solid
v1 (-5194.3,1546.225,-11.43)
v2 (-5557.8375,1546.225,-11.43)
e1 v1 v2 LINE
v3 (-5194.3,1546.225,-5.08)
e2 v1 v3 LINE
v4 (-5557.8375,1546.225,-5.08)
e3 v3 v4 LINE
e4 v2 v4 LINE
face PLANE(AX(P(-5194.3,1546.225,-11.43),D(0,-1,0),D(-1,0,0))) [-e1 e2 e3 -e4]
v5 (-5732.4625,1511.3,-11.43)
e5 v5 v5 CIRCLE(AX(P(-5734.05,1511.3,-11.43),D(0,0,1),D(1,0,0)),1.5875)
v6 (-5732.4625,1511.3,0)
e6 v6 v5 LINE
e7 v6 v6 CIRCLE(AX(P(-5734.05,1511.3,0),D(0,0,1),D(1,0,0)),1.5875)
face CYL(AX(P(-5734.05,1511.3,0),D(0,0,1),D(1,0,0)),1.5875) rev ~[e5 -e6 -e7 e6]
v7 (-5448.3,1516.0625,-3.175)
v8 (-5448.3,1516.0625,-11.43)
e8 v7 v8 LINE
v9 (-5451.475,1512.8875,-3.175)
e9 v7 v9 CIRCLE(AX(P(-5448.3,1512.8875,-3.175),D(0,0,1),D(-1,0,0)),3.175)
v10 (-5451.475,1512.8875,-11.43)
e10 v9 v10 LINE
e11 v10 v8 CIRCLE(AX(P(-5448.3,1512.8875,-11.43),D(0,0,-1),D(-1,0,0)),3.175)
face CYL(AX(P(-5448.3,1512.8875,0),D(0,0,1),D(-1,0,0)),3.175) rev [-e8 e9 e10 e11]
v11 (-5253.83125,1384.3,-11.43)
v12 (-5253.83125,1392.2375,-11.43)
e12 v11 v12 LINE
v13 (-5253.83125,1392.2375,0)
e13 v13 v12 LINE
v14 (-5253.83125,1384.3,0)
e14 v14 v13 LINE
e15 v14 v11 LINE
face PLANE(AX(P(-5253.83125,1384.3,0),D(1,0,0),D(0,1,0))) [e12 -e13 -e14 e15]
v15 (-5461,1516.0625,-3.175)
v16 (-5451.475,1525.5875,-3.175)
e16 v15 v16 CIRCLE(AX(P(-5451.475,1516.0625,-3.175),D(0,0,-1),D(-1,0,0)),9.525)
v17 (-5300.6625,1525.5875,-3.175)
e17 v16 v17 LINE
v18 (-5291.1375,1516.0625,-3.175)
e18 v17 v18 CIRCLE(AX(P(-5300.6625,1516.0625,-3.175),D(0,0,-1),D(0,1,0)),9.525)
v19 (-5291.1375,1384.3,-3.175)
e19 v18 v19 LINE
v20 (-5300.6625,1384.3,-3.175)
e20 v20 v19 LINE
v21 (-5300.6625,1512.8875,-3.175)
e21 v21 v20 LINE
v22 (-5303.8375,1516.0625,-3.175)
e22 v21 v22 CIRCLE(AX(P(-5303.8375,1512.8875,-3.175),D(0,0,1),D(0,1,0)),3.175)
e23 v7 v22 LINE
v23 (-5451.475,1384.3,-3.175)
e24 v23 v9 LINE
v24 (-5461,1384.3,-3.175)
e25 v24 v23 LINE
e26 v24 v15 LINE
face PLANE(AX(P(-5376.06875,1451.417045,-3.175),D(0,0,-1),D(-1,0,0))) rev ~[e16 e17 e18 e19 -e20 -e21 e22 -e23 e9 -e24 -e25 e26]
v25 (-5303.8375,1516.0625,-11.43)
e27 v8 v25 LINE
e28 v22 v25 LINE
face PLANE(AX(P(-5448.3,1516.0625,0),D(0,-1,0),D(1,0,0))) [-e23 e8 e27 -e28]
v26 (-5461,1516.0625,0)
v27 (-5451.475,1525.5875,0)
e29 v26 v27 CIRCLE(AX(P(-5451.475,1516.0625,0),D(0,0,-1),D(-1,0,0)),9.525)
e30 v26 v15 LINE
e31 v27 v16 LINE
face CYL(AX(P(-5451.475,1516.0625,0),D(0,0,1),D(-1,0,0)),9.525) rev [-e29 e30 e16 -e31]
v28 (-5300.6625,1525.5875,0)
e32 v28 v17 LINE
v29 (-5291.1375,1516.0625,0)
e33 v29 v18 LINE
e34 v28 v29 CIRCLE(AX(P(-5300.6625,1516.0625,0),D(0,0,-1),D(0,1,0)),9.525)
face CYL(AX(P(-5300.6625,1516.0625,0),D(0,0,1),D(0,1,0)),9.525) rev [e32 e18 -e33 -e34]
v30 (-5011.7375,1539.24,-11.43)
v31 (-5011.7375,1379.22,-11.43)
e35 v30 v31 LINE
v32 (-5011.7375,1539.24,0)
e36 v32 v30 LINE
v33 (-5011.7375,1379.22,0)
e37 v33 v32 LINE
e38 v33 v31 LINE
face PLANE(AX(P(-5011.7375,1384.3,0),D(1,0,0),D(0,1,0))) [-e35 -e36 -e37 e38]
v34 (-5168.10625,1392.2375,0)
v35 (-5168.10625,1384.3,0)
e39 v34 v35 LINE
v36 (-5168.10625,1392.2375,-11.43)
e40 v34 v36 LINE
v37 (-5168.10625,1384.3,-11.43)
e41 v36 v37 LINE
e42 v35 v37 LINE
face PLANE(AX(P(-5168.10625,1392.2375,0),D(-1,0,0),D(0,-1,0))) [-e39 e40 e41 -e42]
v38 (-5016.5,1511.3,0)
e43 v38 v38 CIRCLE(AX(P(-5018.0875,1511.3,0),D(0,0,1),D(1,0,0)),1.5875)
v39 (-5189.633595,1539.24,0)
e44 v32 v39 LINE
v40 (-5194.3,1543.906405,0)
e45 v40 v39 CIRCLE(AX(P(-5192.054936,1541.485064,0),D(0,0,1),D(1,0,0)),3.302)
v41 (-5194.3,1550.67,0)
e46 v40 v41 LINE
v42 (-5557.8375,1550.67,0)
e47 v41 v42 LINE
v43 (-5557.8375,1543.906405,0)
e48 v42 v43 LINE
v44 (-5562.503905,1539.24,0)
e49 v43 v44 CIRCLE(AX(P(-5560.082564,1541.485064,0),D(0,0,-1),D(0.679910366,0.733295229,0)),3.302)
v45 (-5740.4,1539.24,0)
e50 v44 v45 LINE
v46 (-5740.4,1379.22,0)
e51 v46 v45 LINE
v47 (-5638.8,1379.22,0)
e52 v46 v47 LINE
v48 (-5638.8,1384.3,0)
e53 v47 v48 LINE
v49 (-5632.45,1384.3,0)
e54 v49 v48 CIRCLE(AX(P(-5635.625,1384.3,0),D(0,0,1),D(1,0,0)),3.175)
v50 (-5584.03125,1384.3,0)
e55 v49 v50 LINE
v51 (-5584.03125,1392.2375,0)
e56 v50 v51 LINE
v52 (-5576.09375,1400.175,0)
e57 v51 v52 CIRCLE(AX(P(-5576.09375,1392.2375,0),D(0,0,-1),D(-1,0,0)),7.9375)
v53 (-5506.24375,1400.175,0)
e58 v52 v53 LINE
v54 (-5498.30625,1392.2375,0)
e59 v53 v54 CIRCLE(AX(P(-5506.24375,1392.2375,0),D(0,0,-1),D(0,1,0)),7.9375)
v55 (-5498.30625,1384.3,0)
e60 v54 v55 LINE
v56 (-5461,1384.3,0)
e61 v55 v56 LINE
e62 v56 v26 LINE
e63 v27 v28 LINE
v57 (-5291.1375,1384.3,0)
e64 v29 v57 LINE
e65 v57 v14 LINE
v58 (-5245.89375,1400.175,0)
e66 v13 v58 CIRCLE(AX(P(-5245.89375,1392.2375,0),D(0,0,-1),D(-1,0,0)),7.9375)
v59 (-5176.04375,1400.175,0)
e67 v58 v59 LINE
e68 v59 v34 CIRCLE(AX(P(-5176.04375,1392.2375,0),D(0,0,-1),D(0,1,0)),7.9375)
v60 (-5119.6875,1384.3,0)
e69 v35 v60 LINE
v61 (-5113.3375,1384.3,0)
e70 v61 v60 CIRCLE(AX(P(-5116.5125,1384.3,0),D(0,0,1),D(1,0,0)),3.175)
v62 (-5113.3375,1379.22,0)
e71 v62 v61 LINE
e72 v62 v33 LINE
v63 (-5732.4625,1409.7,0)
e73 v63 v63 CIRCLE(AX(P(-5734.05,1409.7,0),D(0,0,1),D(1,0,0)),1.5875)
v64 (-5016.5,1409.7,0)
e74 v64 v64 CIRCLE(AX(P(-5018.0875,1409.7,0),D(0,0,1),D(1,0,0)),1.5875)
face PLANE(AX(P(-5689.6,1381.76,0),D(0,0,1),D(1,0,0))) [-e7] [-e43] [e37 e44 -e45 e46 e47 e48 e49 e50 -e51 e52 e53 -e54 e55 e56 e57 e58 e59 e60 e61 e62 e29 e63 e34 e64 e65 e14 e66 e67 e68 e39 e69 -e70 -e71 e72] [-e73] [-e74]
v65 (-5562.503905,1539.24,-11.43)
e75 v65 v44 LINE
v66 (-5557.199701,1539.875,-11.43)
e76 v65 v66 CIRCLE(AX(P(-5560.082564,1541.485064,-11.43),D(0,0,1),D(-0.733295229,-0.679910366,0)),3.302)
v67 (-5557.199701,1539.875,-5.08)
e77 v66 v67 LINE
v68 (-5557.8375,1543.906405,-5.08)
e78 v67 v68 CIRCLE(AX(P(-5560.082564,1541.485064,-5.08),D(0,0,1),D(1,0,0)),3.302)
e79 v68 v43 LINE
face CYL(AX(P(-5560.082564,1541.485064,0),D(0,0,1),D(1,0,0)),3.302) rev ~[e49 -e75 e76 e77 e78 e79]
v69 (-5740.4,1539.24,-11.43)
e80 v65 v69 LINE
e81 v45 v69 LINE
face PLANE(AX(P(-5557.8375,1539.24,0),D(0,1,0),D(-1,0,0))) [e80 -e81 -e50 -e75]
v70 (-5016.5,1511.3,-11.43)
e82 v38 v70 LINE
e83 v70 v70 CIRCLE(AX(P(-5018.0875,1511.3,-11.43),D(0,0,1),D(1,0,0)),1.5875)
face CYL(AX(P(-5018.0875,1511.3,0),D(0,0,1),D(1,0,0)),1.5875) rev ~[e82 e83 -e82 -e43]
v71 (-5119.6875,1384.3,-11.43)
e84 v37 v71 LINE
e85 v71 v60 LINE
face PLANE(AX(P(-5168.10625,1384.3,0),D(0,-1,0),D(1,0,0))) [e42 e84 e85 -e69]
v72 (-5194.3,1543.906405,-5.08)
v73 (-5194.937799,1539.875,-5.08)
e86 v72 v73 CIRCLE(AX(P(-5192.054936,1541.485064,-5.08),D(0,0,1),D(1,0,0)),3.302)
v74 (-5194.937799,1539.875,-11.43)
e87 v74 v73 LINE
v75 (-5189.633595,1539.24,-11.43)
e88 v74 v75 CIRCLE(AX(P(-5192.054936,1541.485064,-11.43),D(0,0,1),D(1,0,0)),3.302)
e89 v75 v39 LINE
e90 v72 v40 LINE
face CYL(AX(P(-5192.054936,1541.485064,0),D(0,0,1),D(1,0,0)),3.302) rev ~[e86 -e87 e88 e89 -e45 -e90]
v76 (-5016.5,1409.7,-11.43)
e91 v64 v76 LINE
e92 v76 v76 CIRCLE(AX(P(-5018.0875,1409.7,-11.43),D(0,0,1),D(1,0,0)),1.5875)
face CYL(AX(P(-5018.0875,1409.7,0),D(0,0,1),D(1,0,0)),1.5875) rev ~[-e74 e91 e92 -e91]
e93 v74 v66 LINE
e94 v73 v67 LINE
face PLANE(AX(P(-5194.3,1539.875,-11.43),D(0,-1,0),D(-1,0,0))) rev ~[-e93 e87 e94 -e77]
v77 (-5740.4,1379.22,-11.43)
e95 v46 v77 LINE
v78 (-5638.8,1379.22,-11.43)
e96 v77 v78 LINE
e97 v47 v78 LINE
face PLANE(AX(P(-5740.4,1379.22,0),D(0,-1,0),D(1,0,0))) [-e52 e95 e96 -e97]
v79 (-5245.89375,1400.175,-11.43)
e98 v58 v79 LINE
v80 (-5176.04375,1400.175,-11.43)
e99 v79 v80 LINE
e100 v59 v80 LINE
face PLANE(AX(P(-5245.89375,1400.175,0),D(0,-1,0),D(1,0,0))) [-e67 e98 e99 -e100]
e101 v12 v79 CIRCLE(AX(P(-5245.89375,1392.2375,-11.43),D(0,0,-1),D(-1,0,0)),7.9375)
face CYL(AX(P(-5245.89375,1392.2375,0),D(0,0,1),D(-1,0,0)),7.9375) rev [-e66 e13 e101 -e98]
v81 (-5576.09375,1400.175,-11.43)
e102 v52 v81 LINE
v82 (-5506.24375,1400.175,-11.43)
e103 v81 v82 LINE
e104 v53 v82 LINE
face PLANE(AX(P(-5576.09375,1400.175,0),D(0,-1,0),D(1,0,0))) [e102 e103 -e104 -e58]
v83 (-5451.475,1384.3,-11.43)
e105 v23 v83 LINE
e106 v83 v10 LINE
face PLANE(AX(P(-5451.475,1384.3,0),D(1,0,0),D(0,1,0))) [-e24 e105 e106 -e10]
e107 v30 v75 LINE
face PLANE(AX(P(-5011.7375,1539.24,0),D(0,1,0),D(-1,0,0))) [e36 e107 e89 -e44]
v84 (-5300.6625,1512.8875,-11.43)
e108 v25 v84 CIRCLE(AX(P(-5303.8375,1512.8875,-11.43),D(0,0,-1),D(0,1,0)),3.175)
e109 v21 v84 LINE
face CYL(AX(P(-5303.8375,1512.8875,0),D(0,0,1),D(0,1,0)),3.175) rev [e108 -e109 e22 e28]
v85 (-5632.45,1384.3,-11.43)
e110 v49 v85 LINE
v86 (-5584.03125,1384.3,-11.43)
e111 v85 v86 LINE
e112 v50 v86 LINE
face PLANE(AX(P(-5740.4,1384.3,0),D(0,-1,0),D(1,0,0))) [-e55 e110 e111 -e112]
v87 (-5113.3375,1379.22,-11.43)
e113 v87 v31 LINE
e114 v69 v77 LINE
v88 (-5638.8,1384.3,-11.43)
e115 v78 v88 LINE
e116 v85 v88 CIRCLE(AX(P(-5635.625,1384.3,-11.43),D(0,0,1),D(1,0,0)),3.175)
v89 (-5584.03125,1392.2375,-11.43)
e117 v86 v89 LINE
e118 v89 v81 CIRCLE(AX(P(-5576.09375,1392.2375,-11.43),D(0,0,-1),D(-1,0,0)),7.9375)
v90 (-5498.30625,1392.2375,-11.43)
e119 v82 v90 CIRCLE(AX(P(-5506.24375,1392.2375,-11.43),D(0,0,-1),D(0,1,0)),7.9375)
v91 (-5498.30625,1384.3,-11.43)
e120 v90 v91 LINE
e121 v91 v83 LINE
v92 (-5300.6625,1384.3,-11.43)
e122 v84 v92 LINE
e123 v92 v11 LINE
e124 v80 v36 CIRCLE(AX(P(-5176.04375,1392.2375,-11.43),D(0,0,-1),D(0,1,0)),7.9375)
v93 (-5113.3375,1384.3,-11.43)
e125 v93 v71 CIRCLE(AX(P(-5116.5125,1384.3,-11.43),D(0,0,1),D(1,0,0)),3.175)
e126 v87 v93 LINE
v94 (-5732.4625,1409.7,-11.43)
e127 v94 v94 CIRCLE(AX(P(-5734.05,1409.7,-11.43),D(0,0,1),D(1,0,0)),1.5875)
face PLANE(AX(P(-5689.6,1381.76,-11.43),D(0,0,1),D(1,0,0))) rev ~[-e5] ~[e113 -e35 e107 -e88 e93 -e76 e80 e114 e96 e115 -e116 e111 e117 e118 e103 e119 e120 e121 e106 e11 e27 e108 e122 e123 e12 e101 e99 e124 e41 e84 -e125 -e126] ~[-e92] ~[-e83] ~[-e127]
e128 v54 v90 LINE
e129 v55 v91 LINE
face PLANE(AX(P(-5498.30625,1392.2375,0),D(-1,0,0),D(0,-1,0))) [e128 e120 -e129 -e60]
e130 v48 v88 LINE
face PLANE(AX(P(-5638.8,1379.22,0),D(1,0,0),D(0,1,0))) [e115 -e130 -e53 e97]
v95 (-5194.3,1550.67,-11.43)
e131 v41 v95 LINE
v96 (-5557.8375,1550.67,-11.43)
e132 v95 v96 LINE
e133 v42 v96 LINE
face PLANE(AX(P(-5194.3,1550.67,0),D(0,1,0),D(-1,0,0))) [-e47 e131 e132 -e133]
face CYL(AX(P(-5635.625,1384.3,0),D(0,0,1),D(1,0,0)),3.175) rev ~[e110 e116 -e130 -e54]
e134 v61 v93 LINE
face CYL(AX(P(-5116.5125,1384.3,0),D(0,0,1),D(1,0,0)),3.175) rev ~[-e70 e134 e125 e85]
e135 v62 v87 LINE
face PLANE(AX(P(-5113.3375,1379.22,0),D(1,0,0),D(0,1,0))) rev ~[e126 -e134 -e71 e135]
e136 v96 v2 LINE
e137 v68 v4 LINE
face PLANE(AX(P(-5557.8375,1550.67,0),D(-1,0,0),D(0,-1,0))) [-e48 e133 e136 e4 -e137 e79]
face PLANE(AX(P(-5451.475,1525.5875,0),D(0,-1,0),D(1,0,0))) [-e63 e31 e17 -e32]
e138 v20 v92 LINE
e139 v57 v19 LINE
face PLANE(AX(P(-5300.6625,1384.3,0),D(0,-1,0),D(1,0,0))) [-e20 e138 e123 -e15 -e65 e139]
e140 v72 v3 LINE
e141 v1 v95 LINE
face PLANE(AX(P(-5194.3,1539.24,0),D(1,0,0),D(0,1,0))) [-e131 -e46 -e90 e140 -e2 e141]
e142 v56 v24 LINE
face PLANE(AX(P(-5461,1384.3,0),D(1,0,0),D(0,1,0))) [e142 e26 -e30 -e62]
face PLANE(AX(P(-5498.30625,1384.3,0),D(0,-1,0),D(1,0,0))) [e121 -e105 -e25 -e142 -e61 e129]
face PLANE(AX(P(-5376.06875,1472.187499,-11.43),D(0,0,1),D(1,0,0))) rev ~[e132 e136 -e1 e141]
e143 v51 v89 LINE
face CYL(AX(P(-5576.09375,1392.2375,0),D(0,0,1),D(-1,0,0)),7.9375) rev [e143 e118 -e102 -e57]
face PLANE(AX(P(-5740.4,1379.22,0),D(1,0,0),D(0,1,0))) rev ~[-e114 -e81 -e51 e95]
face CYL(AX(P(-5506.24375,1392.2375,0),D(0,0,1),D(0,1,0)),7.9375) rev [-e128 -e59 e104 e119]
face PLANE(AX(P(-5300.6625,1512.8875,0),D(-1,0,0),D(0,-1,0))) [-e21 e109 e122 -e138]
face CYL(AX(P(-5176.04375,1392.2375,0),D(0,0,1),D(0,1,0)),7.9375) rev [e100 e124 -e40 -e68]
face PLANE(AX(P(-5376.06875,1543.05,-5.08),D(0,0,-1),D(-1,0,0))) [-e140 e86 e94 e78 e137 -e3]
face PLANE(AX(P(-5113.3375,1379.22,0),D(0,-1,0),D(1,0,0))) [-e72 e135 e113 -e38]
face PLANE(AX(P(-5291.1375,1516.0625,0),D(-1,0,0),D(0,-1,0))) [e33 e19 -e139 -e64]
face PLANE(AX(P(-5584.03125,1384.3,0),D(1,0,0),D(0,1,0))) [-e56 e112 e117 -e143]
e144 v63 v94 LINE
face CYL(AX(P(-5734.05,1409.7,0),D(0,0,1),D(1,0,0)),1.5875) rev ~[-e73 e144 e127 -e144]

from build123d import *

# Parameters (mm, degrees)
THICKNESS_MAINOUTLINE_DEPTH = 11.43
CORNERPOCKETRADIUS_R        = 3.302
CUT_EXTRUDE4_DEPTH          = 11.43
FLANGEDEPTH_DEPTH           = 3.175
SCREWHOLES_R                = 1.5875
CUT_EXTRUDE2_DEPTH          = 11.43
PLEXCHANNEL_W               = 363.5375
PLEXCHANNEL_H               = 6.35
PLEXCHANNEL_DEPTH_DEPTH     = 6.35
SKETCH7_W                   = 101.6
SKETCH7_H                   = 5.08
EXTRUDE2_DEPTH              = 11.43
SKETCH8_R                   = 3.175
CUT_EXTRUDE5_DEPTH          = 11.43


with BuildPart() as part:
    # MainOutline → Thickness_MainOutline (new body)
    with BuildSketch(Plane.XY):
        with BuildLine():
            Line((-5740.4, 1539.24), (-5740.4, 1384.3))
            Line((-5740.4, 1384.3), (-5584.03125, 1384.3))
            Line((-5584.03125, 1384.3), (-5584.03125, 1392.2375))
            ThreePointArc((-5584.03125, 1392.2375), (-5581.706410076, 1397.850160076), (-5576.09375, 1400.175))
            Line((-5576.09375, 1400.175), (-5506.24375, 1400.175))
            ThreePointArc((-5506.24375, 1400.175), (-5500.631089924, 1397.850160076), (-5498.30625, 1392.2375))
            Line((-5498.30625, 1392.2375), (-5498.30625, 1384.3))
            Line((-5498.30625, 1384.3), (-5451.475, 1384.3))
            Line((-5451.475, 1384.3), (-5451.475, 1512.8875))
            ThreePointArc((-5451.475, 1512.8875), (-5450.54506403, 1515.13256403), (-5448.3, 1516.0625))
            Line((-5448.3, 1516.0625), (-5303.8375, 1516.0625))
            ThreePointArc((-5303.8375, 1516.0625), (-5301.59243597, 1515.13256403), (-5300.6625, 1512.8875))
            Line((-5300.6625, 1512.8875), (-5300.6625, 1384.3))
            Line((-5300.6625, 1384.3), (-5253.83125, 1384.3))
            Line((-5253.83125, 1384.3), (-5253.83125, 1392.2375))
            ThreePointArc((-5253.83125, 1392.2375), (-5251.506410076, 1397.850160076), (-5245.89375, 1400.175))
            Line((-5245.89375, 1400.175), (-5176.04375, 1400.175))
            ThreePointArc((-5176.04375, 1400.175), (-5170.431089924, 1397.850160076), (-5168.10625, 1392.2375))
            Line((-5168.10625, 1392.2375), (-5168.10625, 1384.3))
            Line((-5168.10625, 1384.3), (-5011.7375, 1384.3))
            Line((-5011.7375, 1384.3), (-5011.7375, 1539.24))
            Line((-5011.7375, 1539.24), (-5194.3, 1539.24))
            Line((-5194.3, 1539.24), (-5194.3, 1550.67))
            Line((-5194.3, 1550.67), (-5557.8375, 1550.67))
            Line((-5557.8375, 1550.67), (-5557.8375, 1539.24))
            Line((-5557.8375, 1539.24), (-5740.4, 1539.24))
        make_face()
    extrude(amount=-THICKNESS_MAINOUTLINE_DEPTH)

    # CornerPocketRadius → Cut-Extrude4 (cut)
    with BuildSketch(Plane.XY):
        with Locations((-5560.08256403, 1541.48506403)):
            Circle(CORNERPOCKETRADIUS_R)
        with Locations((-5192.05493597, 1541.48506403)):
            Circle(CORNERPOCKETRADIUS_R)
    extrude(amount=-CUT_EXTRUDE4_DEPTH, mode=Mode.SUBTRACT)

    # PowerBoxFlange → FlangeDepth (cut)
    with BuildSketch(Plane.XY):
        with BuildLine():
            Line((-5297.4875, 1377.95), (-5454.65, 1377.95))
            ThreePointArc((-5454.65, 1377.95), (-5459.140128061, 1379.809871939), (-5461, 1384.3))
            Line((-5461, 1384.3), (-5461, 1516.0625))
            ThreePointArc((-5461, 1516.0625), (-5458.210192091, 1522.797692091), (-5451.475, 1525.5875))
            Line((-5451.475, 1525.5875), (-5300.6625, 1525.5875))
            ThreePointArc((-5300.6625, 1525.5875), (-5293.927307909, 1522.797692091), (-5291.1375, 1516.0625))
            Line((-5291.1375, 1516.0625), (-5291.1375, 1384.3))
            ThreePointArc((-5291.1375, 1384.3), (-5292.997371939, 1379.809871939), (-5297.4875, 1377.95))
        make_face()
    extrude(amount=-FLANGEDEPTH_DEPTH, mode=Mode.SUBTRACT)

    # ScrewHoles → Cut-Extrude2 (cut)
    with BuildSketch(Plane.XY):
        with Locations((-5734.05, 1511.3)):
            Circle(SCREWHOLES_R)
        with Locations((-5734.05, 1409.7)):
            Circle(SCREWHOLES_R)
        with Locations((-5018.0875, 1409.7)):
            Circle(SCREWHOLES_R)
        with Locations((-5018.0875, 1511.3)):
            Circle(SCREWHOLES_R)
    extrude(amount=-CUT_EXTRUDE2_DEPTH, mode=Mode.SUBTRACT)

    # PlexChannel → PlexChannel_Depth (cut)
    with BuildSketch(Plane(origin=(0, 0, -11.43), x_dir=(-1, 0, 0), z_dir=(0, 0, -1))):
        with Locations((5376.06875, 1543.05)):
            Rectangle(PLEXCHANNEL_W, PLEXCHANNEL_H)
    extrude(amount=-PLEXCHANNEL_DEPTH_DEPTH, mode=Mode.SUBTRACT)

    # Sketch7 → Extrude2 (add)
    with BuildSketch(Plane.XY):
        with Locations((-5689.6, 1381.76)):
            Rectangle(SKETCH7_W, SKETCH7_H)
        with Locations((-5062.5375, 1381.76)):
            Rectangle(SKETCH7_W, SKETCH7_H)
    extrude(amount=-EXTRUDE2_DEPTH)

    # Sketch8 → Cut-Extrude5 (cut)
    with BuildSketch(Plane.XY):
        with Locations((-5635.625, 1384.3)):
            Circle(SKETCH8_R)
        with Locations((-5116.5125, 1384.3)):
            Circle(SKETCH8_R)
    extrude(amount=-CUT_EXTRUDE5_DEPTH, mode=Mode.SUBTRACT)


solid = part.part
